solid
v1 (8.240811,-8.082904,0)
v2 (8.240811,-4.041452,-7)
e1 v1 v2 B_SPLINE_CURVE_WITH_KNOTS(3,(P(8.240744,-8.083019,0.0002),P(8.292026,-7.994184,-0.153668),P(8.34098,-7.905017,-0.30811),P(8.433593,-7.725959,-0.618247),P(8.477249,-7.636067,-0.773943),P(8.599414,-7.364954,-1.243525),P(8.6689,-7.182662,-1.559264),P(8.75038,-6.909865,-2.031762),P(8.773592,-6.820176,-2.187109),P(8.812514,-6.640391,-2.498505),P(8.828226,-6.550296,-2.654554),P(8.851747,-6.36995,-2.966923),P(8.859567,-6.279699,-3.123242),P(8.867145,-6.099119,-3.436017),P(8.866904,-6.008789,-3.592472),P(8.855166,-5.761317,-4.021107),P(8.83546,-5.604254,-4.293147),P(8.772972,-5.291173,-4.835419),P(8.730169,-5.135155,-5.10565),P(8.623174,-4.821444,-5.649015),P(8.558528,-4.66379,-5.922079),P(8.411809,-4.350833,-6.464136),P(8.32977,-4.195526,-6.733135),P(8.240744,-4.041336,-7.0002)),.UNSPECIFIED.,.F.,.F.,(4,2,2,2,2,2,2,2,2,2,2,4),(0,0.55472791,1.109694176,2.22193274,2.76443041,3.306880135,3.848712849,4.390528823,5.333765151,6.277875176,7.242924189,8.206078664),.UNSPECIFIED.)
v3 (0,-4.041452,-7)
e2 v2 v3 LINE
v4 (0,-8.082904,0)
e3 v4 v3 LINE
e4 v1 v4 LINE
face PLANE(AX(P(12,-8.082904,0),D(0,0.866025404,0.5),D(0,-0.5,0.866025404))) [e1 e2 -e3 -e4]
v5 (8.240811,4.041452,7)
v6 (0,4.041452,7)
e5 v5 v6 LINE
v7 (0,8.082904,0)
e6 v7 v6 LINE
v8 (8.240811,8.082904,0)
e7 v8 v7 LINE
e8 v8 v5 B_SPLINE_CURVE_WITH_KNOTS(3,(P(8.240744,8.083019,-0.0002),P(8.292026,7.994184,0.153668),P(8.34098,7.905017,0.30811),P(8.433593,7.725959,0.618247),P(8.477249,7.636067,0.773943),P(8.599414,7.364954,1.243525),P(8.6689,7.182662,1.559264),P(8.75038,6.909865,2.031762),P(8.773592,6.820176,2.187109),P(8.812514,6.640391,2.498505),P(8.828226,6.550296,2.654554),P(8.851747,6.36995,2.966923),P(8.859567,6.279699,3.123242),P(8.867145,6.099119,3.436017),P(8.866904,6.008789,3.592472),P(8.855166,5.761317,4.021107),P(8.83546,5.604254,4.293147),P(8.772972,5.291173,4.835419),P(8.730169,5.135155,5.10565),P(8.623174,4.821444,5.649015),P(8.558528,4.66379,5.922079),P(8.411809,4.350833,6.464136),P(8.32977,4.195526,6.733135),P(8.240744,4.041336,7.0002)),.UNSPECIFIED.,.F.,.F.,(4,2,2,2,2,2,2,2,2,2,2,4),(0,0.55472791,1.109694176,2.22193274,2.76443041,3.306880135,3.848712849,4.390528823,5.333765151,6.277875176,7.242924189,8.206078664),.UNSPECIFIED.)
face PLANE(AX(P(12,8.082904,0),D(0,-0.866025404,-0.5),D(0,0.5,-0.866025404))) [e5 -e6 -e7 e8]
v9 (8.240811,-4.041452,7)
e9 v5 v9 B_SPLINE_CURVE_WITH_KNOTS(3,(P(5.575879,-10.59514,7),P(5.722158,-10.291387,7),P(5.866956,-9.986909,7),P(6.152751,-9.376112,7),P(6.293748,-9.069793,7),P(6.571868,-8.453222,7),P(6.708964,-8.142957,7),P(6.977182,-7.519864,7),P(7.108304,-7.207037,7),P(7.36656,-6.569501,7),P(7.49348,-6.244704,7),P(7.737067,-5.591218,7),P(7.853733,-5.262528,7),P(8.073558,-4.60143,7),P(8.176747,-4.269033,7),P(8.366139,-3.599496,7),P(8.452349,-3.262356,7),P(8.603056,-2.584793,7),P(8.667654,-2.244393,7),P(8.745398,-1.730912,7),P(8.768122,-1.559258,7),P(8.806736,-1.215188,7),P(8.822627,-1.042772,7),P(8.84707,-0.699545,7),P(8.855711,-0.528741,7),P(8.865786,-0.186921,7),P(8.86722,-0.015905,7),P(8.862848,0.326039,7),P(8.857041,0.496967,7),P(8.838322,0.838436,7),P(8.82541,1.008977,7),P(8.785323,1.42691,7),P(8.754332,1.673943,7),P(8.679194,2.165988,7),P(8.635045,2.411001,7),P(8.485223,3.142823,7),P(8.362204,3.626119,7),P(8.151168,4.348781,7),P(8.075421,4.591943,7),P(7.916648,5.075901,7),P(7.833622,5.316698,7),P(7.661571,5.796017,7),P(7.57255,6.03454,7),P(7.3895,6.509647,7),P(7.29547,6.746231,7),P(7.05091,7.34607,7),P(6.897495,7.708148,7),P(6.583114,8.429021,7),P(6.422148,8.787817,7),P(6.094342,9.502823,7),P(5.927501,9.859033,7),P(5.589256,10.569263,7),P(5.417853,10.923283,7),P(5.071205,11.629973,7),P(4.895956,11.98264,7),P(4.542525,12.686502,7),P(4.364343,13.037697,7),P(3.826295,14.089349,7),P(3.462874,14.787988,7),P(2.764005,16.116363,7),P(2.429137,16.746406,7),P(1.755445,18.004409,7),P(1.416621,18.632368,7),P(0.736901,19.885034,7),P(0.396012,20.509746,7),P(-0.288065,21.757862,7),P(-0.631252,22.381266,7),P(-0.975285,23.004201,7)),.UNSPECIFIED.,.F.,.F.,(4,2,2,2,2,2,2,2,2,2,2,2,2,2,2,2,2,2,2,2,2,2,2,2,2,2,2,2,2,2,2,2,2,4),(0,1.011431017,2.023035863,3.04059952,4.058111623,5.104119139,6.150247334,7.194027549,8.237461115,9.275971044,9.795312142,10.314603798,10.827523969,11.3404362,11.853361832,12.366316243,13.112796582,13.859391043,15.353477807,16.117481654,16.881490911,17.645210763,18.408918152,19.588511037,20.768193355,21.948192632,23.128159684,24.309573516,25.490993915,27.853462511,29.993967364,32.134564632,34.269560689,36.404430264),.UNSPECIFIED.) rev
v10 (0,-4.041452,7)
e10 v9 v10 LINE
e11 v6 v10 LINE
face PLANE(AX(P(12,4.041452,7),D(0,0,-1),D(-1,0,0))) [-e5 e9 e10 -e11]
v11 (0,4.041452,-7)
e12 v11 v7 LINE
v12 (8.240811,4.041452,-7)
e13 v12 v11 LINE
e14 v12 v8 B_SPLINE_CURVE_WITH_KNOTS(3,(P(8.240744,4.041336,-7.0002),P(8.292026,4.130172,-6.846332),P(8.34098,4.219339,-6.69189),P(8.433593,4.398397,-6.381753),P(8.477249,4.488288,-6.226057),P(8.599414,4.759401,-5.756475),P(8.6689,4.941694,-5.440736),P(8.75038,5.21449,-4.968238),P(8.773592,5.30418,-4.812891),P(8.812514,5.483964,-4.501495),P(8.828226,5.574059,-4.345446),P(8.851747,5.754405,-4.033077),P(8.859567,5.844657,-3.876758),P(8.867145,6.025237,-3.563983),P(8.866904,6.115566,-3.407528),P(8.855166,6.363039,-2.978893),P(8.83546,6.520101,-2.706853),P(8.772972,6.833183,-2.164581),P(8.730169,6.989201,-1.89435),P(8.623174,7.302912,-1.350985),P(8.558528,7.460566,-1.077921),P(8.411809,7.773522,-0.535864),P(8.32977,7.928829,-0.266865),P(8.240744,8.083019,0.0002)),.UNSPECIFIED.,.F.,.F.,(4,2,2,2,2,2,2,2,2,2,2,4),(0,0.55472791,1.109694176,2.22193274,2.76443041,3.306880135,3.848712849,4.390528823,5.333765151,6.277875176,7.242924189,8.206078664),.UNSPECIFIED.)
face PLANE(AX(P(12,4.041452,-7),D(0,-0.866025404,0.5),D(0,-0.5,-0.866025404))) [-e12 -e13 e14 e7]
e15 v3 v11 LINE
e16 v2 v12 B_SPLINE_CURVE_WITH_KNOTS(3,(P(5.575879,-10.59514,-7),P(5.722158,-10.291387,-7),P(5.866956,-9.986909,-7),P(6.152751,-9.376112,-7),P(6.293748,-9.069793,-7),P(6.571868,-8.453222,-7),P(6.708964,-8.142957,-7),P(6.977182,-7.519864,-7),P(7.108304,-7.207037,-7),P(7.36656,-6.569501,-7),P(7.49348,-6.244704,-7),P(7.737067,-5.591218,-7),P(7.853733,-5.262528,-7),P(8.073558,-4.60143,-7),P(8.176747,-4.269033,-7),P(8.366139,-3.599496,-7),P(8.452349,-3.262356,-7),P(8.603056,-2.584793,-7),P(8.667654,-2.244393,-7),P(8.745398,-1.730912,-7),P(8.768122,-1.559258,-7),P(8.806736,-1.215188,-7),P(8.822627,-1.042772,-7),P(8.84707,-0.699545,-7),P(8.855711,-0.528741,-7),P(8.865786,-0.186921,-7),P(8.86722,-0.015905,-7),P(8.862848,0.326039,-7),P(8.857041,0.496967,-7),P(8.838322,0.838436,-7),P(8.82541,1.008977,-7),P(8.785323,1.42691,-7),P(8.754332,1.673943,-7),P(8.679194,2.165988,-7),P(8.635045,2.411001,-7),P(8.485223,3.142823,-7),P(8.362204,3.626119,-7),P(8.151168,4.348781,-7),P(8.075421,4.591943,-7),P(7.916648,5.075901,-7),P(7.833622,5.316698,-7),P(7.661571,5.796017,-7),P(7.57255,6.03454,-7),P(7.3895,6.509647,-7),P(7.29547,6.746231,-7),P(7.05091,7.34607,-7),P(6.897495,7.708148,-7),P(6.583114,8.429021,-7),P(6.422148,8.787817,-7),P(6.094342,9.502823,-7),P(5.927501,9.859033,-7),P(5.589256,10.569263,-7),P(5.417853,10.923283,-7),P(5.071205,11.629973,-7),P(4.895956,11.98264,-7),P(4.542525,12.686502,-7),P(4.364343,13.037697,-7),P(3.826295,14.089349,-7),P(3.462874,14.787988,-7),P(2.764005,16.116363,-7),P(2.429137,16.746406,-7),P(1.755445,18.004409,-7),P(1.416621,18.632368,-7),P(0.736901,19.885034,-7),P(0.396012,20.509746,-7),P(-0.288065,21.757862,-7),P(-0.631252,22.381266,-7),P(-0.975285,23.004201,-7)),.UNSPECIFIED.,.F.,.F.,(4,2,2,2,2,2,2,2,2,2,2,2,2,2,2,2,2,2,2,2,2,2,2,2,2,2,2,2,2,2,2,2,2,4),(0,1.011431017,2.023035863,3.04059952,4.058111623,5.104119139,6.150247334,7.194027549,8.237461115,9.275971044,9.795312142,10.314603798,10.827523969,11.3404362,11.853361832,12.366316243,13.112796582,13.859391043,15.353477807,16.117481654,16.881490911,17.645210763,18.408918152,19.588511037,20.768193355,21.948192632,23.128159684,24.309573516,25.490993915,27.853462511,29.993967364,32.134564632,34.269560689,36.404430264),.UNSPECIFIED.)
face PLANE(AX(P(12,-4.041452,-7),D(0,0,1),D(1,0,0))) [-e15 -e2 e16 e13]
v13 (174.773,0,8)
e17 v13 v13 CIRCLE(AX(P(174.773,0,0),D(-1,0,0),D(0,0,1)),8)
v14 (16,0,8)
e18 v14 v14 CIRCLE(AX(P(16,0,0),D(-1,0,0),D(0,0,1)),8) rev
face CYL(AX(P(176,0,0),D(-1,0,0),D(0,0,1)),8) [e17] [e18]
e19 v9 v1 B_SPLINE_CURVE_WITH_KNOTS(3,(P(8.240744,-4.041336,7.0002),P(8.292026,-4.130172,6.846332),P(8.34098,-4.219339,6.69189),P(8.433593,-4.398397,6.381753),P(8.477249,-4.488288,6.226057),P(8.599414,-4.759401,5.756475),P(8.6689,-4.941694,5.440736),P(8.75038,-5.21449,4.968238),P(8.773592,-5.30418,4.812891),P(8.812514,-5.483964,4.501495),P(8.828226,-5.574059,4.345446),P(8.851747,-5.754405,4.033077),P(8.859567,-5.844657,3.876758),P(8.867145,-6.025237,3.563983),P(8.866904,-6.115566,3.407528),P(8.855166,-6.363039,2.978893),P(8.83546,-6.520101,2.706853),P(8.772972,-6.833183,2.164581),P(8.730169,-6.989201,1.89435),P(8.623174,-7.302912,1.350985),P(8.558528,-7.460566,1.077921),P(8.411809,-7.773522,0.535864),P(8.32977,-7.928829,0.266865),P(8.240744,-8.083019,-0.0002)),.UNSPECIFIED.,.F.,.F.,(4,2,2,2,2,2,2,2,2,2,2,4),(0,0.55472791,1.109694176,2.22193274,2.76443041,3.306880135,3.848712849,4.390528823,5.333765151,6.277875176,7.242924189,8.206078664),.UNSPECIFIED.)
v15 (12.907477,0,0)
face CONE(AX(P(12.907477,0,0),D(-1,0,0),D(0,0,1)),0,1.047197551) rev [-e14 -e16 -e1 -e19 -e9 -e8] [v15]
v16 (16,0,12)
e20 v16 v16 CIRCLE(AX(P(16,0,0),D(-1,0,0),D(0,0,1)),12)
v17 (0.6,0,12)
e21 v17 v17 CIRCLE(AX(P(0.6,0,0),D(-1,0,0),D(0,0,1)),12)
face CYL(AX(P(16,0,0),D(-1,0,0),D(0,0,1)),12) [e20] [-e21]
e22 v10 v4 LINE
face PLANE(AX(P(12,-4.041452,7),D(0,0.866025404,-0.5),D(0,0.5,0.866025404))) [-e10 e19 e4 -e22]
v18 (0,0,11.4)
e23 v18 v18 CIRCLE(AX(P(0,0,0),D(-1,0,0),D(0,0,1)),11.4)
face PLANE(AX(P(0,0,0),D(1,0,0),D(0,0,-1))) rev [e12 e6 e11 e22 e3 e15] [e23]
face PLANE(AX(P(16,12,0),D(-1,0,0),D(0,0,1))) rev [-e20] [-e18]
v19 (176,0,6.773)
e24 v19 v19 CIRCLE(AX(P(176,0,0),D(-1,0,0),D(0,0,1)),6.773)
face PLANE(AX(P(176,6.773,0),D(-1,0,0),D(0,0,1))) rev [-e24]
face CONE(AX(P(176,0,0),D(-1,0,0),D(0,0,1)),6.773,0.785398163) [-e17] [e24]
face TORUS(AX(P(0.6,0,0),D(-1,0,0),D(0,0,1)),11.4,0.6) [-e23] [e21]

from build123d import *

# Parameters (mm, degrees)
SZKIC1_W                    = 16
SZKIC1_H                    = 12
SZKIC5_R                    = 9
DODANIE_WYCI_GNI_CIE1_DEPTH = 12


with BuildPart() as part:
    # Szkic1 → Obrót1 (revolve)
    with BuildSketch(Plane.XY):
        with Locations((8, 6)):
            Rectangle(SZKIC1_W, SZKIC1_H)
    revolve(axis=Axis((16, 0, 0), (-1, 0, 0)))

    # Szkic2 → Wycięcie-obrót1 (revolve, cut)
    with BuildSketch(Plane.XY):
        with BuildLine():
            Line((0, 12), (0, 11.4))
            ThreePointArc((0, 11.4), (0.175735931, 11.824264069), (0.6, 12))
            Line((0.6, 12), (0, 12))
        make_face()
    revolve(axis=Axis((16, 0, 0), (-1, 0, 0)), mode=Mode.SUBTRACT)

    # Szkic3 → Obrót2 (revolve)
    with BuildSketch(Plane.XY):
        Polygon((16, 0), (16, 8), (174.773, 8), (176, 6.773), (176, 0), align=None)
    revolve(axis=Axis((176, 0, 0), (-1, 0, 0)))

    # Szkic4 → Wycięcie-obrót2 (revolve, cut)
    with BuildSketch(Plane.XY):
        Polygon((0, 0), (0, 8.5), (8, 8.5), (12.907477288, 0), align=None)
    revolve(axis=Axis((12.907477288, 0, 0), (-1, 0, 0)), mode=Mode.SUBTRACT)

    # Szkic5 → Dodanie-wyciągnięcie1 (add)
    with BuildSketch(Plane(origin=(0, 0, 0), x_dir=(0, 0, -1), z_dir=(1, 0, 0))):
        Circle(SZKIC5_R)
        Polygon((-7, 4.041451884), (-7, -4.041451884), (0, -8.082903769), (7, -4.041451884), (7, 4.041451884), (0, 8.082903769), align=None, mode=Mode.SUBTRACT)
    extrude(amount=DODANIE_WYCI_GNI_CIE1_DEPTH)


solid = part.part
